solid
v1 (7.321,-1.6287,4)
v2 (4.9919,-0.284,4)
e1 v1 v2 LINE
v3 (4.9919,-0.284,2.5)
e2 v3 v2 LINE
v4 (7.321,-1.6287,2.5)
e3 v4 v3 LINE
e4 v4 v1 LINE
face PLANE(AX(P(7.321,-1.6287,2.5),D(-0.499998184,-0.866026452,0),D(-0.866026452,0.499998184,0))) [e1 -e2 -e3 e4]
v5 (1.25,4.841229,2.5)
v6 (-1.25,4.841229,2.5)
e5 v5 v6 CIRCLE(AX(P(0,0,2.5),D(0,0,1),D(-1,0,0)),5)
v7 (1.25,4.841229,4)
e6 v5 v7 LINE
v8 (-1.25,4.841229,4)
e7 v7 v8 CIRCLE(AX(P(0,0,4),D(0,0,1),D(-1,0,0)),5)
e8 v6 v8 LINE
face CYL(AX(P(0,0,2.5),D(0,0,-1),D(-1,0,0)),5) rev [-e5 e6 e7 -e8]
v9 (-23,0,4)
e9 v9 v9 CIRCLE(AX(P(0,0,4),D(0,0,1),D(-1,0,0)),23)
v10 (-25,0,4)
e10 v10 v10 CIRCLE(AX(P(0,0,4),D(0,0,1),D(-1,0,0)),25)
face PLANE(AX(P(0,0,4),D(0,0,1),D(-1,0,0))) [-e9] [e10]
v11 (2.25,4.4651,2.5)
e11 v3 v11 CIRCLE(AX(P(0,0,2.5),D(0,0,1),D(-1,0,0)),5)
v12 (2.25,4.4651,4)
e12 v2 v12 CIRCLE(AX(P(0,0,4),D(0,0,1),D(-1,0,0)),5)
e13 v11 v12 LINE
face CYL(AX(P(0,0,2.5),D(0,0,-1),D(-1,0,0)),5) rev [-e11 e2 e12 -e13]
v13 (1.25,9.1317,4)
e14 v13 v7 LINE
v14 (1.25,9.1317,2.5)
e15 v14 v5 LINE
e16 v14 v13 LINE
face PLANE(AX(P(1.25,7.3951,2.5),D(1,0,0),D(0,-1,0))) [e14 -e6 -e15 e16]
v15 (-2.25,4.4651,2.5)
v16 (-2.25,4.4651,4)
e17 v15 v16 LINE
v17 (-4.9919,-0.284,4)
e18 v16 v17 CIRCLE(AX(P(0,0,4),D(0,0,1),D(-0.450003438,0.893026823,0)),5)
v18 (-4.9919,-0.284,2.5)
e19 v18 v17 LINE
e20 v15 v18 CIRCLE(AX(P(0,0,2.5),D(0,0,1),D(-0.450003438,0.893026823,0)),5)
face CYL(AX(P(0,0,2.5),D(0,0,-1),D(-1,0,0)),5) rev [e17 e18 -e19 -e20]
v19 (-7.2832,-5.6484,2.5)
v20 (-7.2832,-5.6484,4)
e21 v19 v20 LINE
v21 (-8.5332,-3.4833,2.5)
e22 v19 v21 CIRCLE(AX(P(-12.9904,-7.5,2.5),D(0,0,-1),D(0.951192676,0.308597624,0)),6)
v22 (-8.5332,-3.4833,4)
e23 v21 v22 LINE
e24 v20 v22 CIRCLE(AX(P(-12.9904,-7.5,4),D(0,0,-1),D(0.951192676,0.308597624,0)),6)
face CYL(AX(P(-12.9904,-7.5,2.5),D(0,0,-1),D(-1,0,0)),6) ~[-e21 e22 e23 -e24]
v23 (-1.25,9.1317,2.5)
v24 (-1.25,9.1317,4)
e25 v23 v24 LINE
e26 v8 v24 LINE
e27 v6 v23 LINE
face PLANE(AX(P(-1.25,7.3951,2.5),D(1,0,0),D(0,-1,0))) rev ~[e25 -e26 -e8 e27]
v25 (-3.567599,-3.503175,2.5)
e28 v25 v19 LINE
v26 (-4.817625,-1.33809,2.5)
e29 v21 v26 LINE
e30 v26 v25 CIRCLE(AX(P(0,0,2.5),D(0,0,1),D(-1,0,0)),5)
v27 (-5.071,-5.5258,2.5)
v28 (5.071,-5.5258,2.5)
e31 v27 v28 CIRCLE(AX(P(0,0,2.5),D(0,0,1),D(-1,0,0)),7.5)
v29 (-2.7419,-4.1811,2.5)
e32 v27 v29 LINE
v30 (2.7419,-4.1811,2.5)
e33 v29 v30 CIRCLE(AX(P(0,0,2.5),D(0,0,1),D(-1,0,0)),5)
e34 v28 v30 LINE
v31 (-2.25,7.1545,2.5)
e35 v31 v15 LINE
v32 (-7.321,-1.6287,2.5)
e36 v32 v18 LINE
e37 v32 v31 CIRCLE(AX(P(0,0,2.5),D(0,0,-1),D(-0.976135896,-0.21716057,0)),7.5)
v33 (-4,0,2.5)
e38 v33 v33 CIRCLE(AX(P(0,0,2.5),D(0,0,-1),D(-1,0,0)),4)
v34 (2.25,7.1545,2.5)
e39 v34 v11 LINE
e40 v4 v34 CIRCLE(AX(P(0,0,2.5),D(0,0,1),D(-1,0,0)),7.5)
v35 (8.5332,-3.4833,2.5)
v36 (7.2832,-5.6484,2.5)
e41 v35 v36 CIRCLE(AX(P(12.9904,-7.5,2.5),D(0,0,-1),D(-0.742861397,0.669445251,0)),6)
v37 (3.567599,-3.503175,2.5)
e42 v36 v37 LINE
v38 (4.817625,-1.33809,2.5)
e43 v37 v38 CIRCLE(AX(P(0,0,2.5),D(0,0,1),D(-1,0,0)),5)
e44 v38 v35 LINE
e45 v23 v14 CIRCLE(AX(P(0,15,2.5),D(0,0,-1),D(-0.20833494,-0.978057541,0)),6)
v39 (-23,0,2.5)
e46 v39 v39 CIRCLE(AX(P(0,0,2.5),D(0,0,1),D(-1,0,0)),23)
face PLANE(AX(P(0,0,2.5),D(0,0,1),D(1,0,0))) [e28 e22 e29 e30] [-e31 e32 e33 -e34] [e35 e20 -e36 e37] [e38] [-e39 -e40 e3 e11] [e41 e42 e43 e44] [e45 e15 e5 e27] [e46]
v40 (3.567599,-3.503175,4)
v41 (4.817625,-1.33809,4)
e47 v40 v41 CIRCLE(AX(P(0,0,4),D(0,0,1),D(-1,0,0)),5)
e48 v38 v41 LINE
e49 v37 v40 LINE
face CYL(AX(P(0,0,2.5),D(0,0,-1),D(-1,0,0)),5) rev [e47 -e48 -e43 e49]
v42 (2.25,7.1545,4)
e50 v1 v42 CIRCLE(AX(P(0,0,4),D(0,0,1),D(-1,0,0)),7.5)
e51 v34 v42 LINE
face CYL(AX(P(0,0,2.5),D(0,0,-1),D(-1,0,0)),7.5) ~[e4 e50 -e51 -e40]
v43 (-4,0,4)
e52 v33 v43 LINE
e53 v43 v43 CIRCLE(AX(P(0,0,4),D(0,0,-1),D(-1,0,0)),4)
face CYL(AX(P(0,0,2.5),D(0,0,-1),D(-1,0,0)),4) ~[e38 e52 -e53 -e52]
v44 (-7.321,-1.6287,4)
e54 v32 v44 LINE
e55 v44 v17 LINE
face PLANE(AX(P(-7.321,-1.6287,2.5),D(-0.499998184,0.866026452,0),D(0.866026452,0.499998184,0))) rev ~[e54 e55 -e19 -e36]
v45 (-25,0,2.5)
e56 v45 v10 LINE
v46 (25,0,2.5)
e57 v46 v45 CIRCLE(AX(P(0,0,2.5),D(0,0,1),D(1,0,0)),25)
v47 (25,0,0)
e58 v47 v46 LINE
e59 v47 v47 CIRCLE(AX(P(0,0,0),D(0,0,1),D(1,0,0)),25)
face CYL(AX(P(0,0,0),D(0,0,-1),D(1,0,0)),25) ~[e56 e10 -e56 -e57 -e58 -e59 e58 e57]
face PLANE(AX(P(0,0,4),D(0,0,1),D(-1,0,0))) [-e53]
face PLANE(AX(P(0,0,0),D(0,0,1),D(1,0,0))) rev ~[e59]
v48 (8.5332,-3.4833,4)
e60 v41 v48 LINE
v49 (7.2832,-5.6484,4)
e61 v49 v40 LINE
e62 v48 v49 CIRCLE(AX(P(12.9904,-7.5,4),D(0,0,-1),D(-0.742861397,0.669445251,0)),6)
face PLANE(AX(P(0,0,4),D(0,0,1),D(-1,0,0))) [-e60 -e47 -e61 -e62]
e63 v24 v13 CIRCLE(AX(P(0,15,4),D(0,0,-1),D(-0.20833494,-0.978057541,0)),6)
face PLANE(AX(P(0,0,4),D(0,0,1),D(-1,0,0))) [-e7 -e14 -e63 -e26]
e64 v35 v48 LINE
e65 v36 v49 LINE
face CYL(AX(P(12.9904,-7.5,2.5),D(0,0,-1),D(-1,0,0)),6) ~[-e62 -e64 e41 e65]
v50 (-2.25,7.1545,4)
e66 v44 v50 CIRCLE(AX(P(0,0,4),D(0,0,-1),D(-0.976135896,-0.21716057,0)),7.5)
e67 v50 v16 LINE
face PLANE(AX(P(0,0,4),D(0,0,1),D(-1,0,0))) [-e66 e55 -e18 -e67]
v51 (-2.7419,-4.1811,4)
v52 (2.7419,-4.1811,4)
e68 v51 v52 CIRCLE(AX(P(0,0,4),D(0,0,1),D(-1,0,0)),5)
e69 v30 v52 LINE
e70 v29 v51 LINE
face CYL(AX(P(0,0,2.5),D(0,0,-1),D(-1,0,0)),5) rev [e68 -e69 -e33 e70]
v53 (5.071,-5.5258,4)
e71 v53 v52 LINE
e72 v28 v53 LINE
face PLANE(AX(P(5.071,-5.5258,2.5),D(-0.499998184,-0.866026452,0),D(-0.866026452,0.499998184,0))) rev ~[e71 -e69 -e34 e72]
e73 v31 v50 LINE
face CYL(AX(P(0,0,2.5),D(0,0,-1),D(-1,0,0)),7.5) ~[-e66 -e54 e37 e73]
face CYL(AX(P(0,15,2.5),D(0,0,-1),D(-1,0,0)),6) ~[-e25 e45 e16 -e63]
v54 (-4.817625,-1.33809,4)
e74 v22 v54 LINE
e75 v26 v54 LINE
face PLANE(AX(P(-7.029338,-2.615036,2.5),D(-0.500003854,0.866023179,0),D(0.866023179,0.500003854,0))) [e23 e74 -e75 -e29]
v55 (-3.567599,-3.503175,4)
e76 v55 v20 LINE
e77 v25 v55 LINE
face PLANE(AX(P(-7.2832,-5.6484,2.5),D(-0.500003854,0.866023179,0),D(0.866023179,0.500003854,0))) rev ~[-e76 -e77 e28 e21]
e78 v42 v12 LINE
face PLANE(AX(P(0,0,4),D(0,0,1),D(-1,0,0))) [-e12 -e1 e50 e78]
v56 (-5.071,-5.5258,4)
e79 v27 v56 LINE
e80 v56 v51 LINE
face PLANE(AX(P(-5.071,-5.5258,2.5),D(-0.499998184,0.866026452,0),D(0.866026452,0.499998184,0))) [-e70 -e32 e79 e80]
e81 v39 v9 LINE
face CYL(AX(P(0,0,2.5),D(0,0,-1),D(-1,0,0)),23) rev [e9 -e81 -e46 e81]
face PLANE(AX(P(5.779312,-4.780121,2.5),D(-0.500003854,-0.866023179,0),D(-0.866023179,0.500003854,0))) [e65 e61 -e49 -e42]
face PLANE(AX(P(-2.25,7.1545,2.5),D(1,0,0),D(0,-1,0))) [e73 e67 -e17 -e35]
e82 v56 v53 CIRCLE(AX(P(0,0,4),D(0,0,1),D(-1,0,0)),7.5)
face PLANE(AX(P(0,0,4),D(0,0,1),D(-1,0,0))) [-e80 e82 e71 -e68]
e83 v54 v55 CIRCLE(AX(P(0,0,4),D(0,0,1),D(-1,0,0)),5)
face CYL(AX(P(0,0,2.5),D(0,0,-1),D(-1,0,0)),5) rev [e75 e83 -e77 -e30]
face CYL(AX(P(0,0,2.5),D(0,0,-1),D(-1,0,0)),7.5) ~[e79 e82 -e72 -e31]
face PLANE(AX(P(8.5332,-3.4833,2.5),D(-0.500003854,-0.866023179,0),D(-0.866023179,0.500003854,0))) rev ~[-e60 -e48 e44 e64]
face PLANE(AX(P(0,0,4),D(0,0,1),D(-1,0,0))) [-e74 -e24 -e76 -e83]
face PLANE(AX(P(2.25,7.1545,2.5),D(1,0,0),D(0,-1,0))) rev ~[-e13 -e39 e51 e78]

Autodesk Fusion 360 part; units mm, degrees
sketch "Sketch1" plane through (0, 0, 0) normal (0, 0, 1) x (1, 0, 0)
  circle A0 centre (0, 0) radius 25
  dimension "d1" = 50
extrude "Extrude1" add sketch "Sketch1" along normal blind 2.5
sketch "Sketch2" plane through (0, 0, 2.5) normal (0, 0, 1) x (-1, 0, 0)
  circle A0 centre (0, 0) radius 25
  circle A1 centre (0, 0) radius 23
  circle A2 centre (0, 0) radius 21 construction
  circle A3 centre (0, 0) radius 4
  line L0 (0, 0) -> (0, -21) construction
  line L1 (0, 0) -> (-18.1865, 10.5) construction
  line L2 (18.1865, 10.5) -> (0, 0) construction
  line L3 (18.1865, 10.5) -> (0, -21) construction
  line L4 (-18.1865, 10.5) -> (0, -21) construction
  line L5 (-18.1865, 10.5) -> (18.1865, 10.5) construction
  circle A4 centre (0, 0) radius 5
  circle A5 centre (0, 0) radius 15 construction
  circle A6 centre (0, -15) radius 6
  circle A7 centre (-12.9904, 7.5) radius 6
  circle A8 centre (12.9904, 7.5) radius 6
  line L6 (8.5332, 3.4833) -> (3.9156, 0.8173)
  line L7 (7.2832, 5.6484) -> (2.6656, 2.9824)
  line L8 (8.5332, 3.4833) -> (7.2832, 5.6484) construction
  line L9 (3.9156, 0.8173) -> (2.6656, 2.9824) construction
  line L10 (-7.2832, 5.6484) -> (-2.6656, 2.9824)
  line L11 (-8.5332, 3.4833) -> (-3.9156, 0.8173)
  line L12 (-2.6656, 2.9824) -> (-3.9156, 0.8173) construction
  line L13 (-7.2832, 5.6484) -> (-8.5332, 3.4833) construction
  line L14 (-1.25, -9.1317) -> (-1.25, -3.7997)
  line L15 (1.25, -9.1317) -> (1.25, -3.7997)
  line L16 (-1.25, -3.7997) -> (1.25, -3.7997) construction
  line L17 (-1.25, -9.1317) -> (1.25, -9.1317) construction
  circle A9 centre (0, 0) radius 7.5
  line L18 (5.071, 5.5258) -> (2.7419, 4.1811)
  line L19 (7.321, 1.6287) -> (4.9919, 0.284)
  line L20 (-7.321, 1.6287) -> (-4.9919, 0.284)
  line L21 (-5.071, 5.5258) -> (-2.7419, 4.1811)
  line L22 (2.25, -7.1545) -> (2.25, -4.4651)
  line L23 (-2.25, -7.1545) -> (-2.25, -4.4651)
  dimension "d4" = -2
  dimension "d5" = -4
  dimension "d6" = 8
  dimension "d7" = 1
  dimension "d8" = -10
  dimension "d13" = 360
  dimension "d14" = 2.5
  dimension "d15" = 3.5
  dimension "d17" = 360
  dimension "d20" = 1
extrude "Extrude2" add sketch "Sketch2" along normal blind 1.5 contours A0 | A3 | A4 L6 L7 A9 | A4 L14 L15 A9 | A4 A9 L19 L22 | A8 L6 L7 A9 | A6 L14 L15 A9 | A4 L10 L11 A9 | A4 A9 L18 L21 | A8 | A4 A9 L20 L23 | A6 | A7 L10 L11 A9 | A7
